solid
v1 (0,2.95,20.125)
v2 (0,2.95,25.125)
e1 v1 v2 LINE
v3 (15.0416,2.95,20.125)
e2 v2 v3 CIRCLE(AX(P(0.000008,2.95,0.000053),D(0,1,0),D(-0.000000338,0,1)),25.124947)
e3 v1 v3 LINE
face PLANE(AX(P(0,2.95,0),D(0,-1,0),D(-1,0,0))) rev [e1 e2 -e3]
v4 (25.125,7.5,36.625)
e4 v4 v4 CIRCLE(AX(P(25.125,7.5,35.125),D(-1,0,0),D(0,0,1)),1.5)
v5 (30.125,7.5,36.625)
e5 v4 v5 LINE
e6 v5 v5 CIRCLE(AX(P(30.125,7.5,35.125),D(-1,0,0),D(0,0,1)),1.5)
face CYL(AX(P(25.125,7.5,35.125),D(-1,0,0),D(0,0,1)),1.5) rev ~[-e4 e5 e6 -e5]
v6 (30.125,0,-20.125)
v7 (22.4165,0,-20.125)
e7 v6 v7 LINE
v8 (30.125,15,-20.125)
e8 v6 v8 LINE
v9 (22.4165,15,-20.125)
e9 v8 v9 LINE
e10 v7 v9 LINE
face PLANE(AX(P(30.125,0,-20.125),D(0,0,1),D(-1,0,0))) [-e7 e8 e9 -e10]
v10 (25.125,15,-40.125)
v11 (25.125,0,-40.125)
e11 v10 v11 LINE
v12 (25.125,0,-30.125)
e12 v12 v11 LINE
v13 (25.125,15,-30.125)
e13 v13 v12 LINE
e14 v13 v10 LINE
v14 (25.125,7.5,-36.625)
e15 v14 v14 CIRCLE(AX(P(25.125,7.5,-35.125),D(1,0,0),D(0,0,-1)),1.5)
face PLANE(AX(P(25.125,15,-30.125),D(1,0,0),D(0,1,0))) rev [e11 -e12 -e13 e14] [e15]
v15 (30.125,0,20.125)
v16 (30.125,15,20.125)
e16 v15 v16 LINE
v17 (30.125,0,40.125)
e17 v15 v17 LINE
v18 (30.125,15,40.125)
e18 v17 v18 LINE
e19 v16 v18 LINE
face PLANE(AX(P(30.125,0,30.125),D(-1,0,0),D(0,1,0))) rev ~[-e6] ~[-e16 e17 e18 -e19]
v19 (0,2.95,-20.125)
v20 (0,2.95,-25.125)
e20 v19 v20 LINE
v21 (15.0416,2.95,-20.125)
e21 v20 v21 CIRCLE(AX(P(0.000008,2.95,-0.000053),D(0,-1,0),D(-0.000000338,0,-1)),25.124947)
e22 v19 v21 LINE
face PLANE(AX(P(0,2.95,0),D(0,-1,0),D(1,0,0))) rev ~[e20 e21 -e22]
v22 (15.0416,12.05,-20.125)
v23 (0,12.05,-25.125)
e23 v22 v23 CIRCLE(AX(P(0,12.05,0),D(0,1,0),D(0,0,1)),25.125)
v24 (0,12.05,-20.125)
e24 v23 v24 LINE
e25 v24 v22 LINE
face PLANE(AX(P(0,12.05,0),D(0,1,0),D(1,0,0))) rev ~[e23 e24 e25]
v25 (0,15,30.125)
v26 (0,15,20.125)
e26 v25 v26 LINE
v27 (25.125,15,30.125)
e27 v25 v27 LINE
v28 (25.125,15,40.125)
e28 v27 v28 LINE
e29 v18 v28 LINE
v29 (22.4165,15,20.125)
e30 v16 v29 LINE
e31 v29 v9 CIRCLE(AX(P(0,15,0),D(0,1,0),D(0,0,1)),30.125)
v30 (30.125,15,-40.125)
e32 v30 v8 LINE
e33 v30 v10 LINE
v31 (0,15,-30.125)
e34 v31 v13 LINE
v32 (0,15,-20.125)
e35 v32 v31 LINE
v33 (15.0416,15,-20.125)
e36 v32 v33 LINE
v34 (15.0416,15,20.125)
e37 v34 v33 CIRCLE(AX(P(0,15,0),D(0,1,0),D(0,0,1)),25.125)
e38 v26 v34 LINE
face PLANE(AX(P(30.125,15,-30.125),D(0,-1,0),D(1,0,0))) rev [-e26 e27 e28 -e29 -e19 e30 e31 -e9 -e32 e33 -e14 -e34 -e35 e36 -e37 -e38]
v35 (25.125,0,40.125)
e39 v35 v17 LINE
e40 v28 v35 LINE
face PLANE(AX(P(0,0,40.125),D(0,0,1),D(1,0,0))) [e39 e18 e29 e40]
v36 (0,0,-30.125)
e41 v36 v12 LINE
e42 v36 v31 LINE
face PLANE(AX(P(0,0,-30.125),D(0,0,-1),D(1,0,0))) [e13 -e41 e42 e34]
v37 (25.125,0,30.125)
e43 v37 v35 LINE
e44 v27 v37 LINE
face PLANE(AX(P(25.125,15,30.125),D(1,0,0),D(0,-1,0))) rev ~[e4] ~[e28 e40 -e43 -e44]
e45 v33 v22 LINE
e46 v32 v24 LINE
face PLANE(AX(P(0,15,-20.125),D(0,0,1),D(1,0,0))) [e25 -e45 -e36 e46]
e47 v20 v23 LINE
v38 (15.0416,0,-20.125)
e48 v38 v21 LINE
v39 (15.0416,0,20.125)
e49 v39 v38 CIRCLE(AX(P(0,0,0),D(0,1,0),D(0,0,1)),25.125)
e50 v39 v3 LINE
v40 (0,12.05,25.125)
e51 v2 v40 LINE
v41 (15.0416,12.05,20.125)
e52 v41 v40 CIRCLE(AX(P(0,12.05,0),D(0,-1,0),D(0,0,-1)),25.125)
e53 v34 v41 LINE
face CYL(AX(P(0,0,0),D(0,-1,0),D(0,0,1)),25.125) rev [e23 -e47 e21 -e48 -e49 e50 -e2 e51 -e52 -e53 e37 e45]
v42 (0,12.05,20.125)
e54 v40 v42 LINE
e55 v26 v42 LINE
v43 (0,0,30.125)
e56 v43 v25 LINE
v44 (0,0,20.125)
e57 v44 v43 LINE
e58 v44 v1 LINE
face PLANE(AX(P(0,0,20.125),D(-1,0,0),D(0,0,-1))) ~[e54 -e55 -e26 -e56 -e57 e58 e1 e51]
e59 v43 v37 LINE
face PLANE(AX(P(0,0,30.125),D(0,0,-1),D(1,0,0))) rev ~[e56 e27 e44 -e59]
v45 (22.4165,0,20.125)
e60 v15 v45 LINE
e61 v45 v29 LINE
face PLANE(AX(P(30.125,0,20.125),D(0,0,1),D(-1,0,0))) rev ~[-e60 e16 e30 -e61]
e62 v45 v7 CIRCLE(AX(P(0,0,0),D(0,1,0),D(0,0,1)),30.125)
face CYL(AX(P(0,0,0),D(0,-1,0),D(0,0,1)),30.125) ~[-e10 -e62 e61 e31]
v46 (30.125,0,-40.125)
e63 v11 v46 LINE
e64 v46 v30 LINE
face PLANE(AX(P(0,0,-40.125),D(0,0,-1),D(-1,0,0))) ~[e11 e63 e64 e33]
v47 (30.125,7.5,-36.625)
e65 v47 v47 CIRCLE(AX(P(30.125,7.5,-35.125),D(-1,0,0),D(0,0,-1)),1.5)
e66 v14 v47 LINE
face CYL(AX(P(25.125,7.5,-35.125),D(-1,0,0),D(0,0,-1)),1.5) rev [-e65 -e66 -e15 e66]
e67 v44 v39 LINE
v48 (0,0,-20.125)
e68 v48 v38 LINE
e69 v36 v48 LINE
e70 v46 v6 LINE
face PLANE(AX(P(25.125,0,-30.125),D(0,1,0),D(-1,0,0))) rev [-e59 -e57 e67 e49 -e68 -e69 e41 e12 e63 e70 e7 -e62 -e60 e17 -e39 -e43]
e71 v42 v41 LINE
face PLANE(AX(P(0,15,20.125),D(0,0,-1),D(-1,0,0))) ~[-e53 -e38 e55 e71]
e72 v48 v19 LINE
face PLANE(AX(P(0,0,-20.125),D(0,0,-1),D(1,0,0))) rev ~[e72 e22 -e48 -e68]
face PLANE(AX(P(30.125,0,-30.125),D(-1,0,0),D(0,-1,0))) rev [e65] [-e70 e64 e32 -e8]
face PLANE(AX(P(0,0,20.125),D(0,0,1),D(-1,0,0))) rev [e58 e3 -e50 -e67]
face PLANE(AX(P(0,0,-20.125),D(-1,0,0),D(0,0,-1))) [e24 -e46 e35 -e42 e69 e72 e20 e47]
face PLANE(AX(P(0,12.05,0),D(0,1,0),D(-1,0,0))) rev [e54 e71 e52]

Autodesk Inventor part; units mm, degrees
ref_plane "YZ Plane" through (0, 0, 0) normal (1, 0, 0) x (0, 1, 0)
ref_plane "XZ Plane" through (0, 0, 0) normal (0, 1, 0) x (-1, 0, 0)
ref_plane "XY Plane" through (0, 0, 0) normal (0, 0, 1) x (1, 0, 0)
sketch "Boceto1" plane through (0, 0, 0) normal (0, 1, 0) x (-1, 0, 0)
  arc A0 (0, 25.125) -> (0, -25.125) centre (0, 0) ccw
  arc A1 (0, 30.125) -> (0, -30.125) centre (0, 0) ccw
  line L0 (0, 30.125) -> (-30.125, 30.125)
  line L1 (-30.125, 30.125) -> (-30.125, 20.125)
  line L2 (-30.125, 20.125) -> (-22.4165, 20.125)
  line L3 (6.35, 0) -> (-9.525, 0)
  line L4 (0, -30.125) -> (-30.125, -30.125)
  line L5 (-30.125, -30.125) -> (-30.125, -20.125)
  line L6 (-30.125, -20.125) -> (-22.4165, -20.125)
  line L7 (0, 30.125) -> (0, 25.125)
  line L8 (0, -25.125) -> (0, -30.125)
  dimension "d0" = 50.25
  dimension "d1" = 5
  dimension "d2" = 10
extrude "Extrusión1" add sketch "Boceto1" along normal blind 15
sketch "Boceto2" plane through (0, 15, 0) normal (0, 1, 0) x (1, 0, 0)
  arc A0 (0, -25.125) -> (0, 25.125) centre (0, 0) ccw projected
  line L0 (0, 25.125) -> (0, 20.125)
  line L1 (0, 20.125) -> (15.0416, 20.125)
  dimension "d5" = 5
extrude "Extrusión2" add sketch "Boceto2" against normal blind 2.95
mirror "Simetría1" about plane through (0, 0, 0) normal (0, 0, 1) of "Extrusión2"
sketch "Boceto3" plane through (0, 0, 0) normal (0, -1, 0) x (1, 0, 0)
  arc A0 (0, -25.125) -> (15.0416, -20.125) centre (0, 0) ccw projected
  line L0 (0, -20.125) -> (0, -25.125) projected
  line L1 (0, -25.125) -> (0, -20.125)
  line L2 (0, -20.125) -> (15.0416, -20.125)
extrude "Extrusión3" add sketch "Boceto3" against normal blind 2.95
mirror "Simetría2" about plane through (0, 0, 0) normal (0, 0, 1) of "Extrusión3"
sketch "Boceto4" plane through (0, 0, 30.125) normal (0, 0, 1) x (1, 0, 0)
  line L0 (30.125, 0) -> (30.125, 15) projected
  line L1 (30.125, 15) -> (25.125, 15)
  line L2 (25.125, 15) -> (25.125, 0)
  line L3 (25.125, 0) -> (30.125, 0)
  line L4 (30.125, 0) -> (30.125, 15)
  point P0 (0, 0)
  dimension "d10" = 5
extrude "Extrusión4" add sketch "Boceto4" along normal blind 10
sketch "Boceto5" plane through (25.125, 0, 30.125) normal (-1, 0, 0) x (0, 0, 1)
  line L0 (-10, 15) -> (10, 15) projected
  line L1 (-10, 0) -> (0, 0) projected
  line L2 (10, 15) -> (0, 15)
  line L3 (0, 15) -> (0, 0)
  line L4 (0, 0) -> (10, 0)
  line L5 (10, 0) -> (10, 15)
  circle A0 centre (5, 7.5) radius 1.5
  point P0 (-30.125, 0)
  dimension "d13" = 3
extrude "Extrusión5" cut sketch "Boceto5" against normal blind 10 contours A0
mirror "Simetría3" about plane through (0, 0, 0) normal (0, 0, 1) of "Extrusión4", "Extrusión5"
properties part number "LensSupport" material "Plástico ABS"
